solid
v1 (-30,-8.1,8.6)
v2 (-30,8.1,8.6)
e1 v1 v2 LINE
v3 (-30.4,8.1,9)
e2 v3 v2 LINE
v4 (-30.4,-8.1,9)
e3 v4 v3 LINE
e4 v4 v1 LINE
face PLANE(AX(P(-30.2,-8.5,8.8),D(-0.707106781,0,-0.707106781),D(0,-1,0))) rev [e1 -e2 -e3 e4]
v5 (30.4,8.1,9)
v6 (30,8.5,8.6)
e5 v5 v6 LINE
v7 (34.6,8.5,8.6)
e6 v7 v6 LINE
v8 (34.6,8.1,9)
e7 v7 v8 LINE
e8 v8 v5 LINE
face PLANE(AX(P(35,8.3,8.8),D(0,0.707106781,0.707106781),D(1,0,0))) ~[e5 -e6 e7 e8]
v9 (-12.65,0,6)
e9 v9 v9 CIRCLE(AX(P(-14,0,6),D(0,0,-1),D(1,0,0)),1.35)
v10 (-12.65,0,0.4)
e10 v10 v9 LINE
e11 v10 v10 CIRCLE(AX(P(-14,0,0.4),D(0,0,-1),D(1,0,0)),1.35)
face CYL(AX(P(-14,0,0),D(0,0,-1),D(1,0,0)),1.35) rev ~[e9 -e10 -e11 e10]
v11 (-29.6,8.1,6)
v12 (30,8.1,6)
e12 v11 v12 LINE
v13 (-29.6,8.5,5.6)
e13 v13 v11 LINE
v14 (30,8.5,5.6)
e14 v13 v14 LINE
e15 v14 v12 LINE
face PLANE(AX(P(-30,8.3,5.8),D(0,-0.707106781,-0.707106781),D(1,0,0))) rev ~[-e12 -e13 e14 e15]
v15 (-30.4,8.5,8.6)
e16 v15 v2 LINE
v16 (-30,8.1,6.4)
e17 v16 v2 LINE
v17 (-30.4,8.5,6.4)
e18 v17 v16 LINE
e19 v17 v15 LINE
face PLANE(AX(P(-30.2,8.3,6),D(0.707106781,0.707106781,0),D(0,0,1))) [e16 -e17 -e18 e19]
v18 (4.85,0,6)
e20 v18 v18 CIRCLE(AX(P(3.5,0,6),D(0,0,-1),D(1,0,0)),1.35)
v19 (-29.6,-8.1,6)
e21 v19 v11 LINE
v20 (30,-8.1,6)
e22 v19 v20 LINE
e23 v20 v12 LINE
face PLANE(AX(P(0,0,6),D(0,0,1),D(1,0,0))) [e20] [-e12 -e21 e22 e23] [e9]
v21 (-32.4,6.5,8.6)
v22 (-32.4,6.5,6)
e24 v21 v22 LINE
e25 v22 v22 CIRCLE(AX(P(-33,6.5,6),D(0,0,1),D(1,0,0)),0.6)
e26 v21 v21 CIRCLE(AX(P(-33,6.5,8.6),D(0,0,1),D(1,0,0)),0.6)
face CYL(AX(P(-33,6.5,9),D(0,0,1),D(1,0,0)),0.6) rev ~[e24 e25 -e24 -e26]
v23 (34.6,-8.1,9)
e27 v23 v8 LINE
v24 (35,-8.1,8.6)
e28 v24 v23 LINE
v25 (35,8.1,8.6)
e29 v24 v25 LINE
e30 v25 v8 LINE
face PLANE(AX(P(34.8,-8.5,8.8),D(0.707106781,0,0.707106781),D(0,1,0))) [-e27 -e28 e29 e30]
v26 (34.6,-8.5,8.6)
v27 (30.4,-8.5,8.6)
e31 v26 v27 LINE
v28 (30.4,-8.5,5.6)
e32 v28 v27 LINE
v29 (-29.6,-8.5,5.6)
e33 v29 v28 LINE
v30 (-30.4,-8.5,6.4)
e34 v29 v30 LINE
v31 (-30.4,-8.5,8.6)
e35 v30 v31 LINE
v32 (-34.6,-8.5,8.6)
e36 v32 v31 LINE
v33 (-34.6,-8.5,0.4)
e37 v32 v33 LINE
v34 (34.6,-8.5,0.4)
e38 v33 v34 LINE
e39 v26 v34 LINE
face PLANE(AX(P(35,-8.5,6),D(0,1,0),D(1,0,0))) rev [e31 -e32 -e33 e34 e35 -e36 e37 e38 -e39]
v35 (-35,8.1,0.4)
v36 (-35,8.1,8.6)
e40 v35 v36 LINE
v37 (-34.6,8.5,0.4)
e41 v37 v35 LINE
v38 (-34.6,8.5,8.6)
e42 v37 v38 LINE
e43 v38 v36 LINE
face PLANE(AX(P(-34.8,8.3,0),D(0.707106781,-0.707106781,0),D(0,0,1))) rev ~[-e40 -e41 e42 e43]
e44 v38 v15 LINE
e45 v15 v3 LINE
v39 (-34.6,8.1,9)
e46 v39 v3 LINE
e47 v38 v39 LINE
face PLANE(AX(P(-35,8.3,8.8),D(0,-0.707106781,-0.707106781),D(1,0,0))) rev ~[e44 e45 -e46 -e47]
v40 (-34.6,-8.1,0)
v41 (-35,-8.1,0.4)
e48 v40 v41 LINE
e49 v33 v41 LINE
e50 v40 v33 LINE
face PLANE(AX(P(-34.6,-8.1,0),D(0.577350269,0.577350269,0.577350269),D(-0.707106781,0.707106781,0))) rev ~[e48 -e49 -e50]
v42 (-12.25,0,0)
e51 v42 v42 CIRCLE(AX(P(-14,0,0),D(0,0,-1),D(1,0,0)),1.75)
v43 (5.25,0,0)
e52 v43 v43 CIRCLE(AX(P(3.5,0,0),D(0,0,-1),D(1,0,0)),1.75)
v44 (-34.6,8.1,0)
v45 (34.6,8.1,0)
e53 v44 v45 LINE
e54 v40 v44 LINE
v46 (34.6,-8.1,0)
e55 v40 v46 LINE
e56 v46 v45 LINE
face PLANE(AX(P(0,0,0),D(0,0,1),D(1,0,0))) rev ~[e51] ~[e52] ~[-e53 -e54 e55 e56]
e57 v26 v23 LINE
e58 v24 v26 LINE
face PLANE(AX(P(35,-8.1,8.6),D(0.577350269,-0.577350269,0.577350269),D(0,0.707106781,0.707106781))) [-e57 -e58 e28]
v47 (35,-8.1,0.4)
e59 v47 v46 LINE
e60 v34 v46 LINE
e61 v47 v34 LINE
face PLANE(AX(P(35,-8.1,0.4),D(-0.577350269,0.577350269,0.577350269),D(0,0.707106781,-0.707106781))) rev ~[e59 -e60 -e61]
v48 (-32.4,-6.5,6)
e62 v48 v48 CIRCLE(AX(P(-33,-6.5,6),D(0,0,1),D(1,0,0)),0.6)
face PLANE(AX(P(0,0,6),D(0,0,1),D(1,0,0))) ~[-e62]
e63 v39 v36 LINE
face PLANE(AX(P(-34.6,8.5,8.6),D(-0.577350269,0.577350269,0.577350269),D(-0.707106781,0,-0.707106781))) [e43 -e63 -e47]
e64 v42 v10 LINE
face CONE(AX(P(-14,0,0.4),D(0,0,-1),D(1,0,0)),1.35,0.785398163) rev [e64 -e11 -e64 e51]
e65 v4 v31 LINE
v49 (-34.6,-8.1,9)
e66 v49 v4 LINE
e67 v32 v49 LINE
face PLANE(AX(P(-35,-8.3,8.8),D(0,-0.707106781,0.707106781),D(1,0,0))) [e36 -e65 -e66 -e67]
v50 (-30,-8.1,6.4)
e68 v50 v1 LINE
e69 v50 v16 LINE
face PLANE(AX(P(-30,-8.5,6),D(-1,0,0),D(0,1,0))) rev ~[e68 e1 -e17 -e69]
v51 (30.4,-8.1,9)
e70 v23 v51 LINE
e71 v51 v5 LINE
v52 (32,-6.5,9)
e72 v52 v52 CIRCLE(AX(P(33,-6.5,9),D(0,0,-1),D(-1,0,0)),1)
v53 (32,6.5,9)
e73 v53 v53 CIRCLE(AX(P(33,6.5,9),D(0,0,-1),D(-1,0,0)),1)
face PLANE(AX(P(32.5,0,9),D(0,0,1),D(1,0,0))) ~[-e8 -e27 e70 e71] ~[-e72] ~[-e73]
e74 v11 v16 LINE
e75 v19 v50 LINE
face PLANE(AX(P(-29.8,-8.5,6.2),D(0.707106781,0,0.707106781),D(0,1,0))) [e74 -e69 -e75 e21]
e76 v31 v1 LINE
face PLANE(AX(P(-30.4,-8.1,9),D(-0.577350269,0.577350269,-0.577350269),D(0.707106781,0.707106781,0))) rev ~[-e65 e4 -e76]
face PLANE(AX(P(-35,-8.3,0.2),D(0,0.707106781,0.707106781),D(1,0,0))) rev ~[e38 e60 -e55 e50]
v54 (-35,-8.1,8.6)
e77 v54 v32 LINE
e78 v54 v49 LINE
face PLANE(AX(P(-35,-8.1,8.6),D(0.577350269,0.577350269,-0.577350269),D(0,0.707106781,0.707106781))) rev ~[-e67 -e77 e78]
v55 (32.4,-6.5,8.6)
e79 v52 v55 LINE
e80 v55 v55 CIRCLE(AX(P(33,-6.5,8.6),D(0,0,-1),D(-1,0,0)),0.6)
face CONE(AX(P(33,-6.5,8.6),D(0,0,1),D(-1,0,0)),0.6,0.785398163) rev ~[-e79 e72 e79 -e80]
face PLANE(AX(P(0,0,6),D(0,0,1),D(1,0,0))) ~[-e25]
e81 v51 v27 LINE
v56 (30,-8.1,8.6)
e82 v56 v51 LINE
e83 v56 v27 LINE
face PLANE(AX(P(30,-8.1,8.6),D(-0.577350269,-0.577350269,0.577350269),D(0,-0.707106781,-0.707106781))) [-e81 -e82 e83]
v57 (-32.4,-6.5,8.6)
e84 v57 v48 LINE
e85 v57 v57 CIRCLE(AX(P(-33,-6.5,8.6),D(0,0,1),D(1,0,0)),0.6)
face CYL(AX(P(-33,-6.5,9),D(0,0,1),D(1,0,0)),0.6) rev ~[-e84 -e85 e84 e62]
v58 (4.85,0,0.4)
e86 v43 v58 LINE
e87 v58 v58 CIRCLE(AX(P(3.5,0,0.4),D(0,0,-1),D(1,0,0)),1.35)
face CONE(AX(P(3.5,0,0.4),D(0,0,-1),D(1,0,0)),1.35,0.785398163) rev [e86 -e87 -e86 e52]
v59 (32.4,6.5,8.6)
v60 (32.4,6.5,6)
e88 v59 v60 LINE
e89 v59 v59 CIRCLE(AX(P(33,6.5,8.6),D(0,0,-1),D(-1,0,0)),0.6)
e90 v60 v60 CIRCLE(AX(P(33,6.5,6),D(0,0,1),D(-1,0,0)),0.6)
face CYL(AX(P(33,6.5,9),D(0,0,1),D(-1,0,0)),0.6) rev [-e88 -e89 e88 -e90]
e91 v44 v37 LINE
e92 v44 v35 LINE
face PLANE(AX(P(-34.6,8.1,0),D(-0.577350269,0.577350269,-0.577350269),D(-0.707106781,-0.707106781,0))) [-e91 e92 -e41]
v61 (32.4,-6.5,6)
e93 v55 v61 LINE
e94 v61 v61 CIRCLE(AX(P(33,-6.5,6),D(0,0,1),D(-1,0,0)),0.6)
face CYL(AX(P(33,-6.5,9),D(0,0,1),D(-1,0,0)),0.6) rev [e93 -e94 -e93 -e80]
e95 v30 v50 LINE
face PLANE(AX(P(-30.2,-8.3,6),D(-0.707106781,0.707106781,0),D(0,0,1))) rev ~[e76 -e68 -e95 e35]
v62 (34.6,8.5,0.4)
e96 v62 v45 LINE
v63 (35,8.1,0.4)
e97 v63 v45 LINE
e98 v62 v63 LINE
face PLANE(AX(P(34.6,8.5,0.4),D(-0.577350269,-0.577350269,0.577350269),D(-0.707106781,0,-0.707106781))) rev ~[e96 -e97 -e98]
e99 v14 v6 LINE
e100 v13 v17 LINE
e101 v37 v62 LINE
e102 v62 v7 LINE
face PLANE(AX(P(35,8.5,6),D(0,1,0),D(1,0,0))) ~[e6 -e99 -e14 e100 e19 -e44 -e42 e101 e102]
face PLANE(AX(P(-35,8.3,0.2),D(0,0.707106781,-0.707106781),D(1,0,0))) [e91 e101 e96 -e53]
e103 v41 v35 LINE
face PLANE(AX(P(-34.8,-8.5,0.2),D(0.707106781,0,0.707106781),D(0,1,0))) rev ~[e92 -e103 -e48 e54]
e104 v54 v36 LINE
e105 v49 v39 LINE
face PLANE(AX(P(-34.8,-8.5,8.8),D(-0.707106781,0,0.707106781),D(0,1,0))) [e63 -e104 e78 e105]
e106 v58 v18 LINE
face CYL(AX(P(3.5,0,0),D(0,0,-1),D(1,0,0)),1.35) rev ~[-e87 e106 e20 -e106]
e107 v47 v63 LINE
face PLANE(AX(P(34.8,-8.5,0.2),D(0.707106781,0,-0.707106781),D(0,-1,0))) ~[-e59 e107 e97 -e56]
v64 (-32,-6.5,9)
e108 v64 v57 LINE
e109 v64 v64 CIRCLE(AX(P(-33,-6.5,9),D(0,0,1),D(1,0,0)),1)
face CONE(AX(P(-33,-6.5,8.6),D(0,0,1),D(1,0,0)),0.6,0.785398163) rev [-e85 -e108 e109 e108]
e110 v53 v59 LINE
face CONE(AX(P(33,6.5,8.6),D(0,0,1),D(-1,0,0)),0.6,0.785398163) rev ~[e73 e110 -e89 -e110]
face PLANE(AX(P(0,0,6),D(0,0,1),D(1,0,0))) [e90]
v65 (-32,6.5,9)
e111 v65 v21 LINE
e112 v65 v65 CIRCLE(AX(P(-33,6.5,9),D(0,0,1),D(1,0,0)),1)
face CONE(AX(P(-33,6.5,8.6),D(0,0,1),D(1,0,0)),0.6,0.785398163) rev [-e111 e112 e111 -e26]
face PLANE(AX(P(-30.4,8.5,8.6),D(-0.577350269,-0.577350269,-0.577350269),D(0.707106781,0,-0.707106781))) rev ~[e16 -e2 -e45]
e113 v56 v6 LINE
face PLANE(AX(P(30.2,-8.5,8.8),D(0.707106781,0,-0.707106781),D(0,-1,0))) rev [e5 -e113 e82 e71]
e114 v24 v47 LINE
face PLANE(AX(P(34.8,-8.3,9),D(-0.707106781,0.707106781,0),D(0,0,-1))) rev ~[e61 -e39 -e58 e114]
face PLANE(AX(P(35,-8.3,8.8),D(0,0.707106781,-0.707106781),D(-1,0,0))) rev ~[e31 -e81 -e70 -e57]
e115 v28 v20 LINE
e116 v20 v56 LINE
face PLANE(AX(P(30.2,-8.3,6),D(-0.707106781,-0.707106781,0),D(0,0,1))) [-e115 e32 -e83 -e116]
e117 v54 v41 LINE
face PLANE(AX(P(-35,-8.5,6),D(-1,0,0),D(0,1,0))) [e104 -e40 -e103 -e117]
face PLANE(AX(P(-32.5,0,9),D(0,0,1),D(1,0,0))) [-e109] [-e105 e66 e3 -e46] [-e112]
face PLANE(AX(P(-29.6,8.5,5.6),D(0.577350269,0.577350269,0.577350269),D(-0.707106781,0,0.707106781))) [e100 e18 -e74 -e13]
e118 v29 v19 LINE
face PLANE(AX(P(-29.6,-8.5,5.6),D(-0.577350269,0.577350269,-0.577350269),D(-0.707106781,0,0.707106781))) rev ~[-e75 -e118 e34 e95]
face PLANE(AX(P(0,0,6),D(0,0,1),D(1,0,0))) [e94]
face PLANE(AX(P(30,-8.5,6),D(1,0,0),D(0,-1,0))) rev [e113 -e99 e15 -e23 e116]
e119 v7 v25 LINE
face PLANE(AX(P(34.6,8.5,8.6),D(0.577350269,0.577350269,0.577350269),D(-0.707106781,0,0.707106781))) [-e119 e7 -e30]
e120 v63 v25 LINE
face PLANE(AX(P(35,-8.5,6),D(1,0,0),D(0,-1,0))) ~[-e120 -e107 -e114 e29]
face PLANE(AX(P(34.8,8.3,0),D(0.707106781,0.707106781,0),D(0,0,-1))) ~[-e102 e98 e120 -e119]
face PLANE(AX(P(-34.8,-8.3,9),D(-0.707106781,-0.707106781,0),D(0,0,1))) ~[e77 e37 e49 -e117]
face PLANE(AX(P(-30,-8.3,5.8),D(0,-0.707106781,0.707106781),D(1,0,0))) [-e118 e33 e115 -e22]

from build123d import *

# Parameters (mm, degrees)
SKETCH_W        = 70
SKETCH_H        = 17
PAD_DEPTH       = 6
SKETCH001_W     = 5
SKETCH001_H     = 17
PAD001_DEPTH    = 3
SKETCH002_R     = 0.6
POCKET_DEPTH    = 4
SKETCH003_R     = 1.35
POCKET001_DEPTH = 9.001
CHAMFER_SIZE    = 0.4


with BuildPart() as part:
    # Sketch (on XY_Plane of Origin) → Pad (new body)
    with BuildSketch(Plane.XY):
        Rectangle(SKETCH_W, SKETCH_H)
    extrude(amount=PAD_DEPTH)

    # Sketch001 (on Face6 of Pad) → Pad001 (join)
    with BuildSketch(Plane.XY.offset(6)):
        with Locations((-32.5, 0)):
            Rectangle(SKETCH001_W, SKETCH001_H)
    extrude(amount=PAD001_DEPTH)

    # Sketch002 (on Face5 of Pad001) → Pocket (cut)
    with BuildSketch(Plane.XY.offset(9)):
        with Locations((-33, 6.5)):
            Circle(SKETCH002_R)
        with Locations((-33, -6.5)):
            Circle(SKETCH002_R)
    extrude(amount=-POCKET_DEPTH, mode=Mode.SUBTRACT)

    # Mirrored: part across YZ


with BuildPart() as part_1:
    add(part.part)
    add(part.part.mirror(Plane.YZ))

    # Sketch003 (on Face1 of Mirrored) → Pocket001 (cut, through all)
    with BuildSketch(Plane(origin=(0, 0, 0), x_dir=(1, 0, 0), z_dir=(0, 0, -1))):
        with Locations((-14, 0)):
            Circle(SKETCH003_R)
        with Locations((3.5, 0)):
            Circle(SKETCH003_R)
    extrude(amount=-POCKET001_DEPTH, mode=Mode.SUBTRACT)

    # Chamfer
    chamfer_edges = [part_1.edges().sort_by_distance(p)[0] for p in [
        (0, -8.5, 6),
        (-30, -8.5, 7.5),
        (-32.5, -8.5, 9),
        (-30, 0, 9),
        (-30, 0, 6),
        (-35, -8.5, 4.5),
        (0, -8.5, 0),
        (-35, 0, 9),
        (-32.5, 8.5, 9),
        (0, 8.5, 6),
        (-30, 8.5, 7.5),
        (32.5, -8.5, 9),
        (30, 0, 9),
        (30, -8.5, 7.5),
        (35, -8.5, 4.5),
        (35, 0, 9),
        (35, 0, 0),
        (35, 8.5, 4.5),
        (32.5, 8.5, 9),
        (33.6, 6.5, 9),
        (33.6, -6.5, 9),
        (-33.6, 6.5, 9),
        (-33.6, -6.5, 9),
        (-35, 8.5, 4.5),
        (0, 8.5, 0),
        (-35, 0, 0),
        (-15.35, 0, 0),
        (2.15, 0, 0),
    ]]
    chamfer(chamfer_edges, length=CHAMFER_SIZE)


solid = part_1.part
